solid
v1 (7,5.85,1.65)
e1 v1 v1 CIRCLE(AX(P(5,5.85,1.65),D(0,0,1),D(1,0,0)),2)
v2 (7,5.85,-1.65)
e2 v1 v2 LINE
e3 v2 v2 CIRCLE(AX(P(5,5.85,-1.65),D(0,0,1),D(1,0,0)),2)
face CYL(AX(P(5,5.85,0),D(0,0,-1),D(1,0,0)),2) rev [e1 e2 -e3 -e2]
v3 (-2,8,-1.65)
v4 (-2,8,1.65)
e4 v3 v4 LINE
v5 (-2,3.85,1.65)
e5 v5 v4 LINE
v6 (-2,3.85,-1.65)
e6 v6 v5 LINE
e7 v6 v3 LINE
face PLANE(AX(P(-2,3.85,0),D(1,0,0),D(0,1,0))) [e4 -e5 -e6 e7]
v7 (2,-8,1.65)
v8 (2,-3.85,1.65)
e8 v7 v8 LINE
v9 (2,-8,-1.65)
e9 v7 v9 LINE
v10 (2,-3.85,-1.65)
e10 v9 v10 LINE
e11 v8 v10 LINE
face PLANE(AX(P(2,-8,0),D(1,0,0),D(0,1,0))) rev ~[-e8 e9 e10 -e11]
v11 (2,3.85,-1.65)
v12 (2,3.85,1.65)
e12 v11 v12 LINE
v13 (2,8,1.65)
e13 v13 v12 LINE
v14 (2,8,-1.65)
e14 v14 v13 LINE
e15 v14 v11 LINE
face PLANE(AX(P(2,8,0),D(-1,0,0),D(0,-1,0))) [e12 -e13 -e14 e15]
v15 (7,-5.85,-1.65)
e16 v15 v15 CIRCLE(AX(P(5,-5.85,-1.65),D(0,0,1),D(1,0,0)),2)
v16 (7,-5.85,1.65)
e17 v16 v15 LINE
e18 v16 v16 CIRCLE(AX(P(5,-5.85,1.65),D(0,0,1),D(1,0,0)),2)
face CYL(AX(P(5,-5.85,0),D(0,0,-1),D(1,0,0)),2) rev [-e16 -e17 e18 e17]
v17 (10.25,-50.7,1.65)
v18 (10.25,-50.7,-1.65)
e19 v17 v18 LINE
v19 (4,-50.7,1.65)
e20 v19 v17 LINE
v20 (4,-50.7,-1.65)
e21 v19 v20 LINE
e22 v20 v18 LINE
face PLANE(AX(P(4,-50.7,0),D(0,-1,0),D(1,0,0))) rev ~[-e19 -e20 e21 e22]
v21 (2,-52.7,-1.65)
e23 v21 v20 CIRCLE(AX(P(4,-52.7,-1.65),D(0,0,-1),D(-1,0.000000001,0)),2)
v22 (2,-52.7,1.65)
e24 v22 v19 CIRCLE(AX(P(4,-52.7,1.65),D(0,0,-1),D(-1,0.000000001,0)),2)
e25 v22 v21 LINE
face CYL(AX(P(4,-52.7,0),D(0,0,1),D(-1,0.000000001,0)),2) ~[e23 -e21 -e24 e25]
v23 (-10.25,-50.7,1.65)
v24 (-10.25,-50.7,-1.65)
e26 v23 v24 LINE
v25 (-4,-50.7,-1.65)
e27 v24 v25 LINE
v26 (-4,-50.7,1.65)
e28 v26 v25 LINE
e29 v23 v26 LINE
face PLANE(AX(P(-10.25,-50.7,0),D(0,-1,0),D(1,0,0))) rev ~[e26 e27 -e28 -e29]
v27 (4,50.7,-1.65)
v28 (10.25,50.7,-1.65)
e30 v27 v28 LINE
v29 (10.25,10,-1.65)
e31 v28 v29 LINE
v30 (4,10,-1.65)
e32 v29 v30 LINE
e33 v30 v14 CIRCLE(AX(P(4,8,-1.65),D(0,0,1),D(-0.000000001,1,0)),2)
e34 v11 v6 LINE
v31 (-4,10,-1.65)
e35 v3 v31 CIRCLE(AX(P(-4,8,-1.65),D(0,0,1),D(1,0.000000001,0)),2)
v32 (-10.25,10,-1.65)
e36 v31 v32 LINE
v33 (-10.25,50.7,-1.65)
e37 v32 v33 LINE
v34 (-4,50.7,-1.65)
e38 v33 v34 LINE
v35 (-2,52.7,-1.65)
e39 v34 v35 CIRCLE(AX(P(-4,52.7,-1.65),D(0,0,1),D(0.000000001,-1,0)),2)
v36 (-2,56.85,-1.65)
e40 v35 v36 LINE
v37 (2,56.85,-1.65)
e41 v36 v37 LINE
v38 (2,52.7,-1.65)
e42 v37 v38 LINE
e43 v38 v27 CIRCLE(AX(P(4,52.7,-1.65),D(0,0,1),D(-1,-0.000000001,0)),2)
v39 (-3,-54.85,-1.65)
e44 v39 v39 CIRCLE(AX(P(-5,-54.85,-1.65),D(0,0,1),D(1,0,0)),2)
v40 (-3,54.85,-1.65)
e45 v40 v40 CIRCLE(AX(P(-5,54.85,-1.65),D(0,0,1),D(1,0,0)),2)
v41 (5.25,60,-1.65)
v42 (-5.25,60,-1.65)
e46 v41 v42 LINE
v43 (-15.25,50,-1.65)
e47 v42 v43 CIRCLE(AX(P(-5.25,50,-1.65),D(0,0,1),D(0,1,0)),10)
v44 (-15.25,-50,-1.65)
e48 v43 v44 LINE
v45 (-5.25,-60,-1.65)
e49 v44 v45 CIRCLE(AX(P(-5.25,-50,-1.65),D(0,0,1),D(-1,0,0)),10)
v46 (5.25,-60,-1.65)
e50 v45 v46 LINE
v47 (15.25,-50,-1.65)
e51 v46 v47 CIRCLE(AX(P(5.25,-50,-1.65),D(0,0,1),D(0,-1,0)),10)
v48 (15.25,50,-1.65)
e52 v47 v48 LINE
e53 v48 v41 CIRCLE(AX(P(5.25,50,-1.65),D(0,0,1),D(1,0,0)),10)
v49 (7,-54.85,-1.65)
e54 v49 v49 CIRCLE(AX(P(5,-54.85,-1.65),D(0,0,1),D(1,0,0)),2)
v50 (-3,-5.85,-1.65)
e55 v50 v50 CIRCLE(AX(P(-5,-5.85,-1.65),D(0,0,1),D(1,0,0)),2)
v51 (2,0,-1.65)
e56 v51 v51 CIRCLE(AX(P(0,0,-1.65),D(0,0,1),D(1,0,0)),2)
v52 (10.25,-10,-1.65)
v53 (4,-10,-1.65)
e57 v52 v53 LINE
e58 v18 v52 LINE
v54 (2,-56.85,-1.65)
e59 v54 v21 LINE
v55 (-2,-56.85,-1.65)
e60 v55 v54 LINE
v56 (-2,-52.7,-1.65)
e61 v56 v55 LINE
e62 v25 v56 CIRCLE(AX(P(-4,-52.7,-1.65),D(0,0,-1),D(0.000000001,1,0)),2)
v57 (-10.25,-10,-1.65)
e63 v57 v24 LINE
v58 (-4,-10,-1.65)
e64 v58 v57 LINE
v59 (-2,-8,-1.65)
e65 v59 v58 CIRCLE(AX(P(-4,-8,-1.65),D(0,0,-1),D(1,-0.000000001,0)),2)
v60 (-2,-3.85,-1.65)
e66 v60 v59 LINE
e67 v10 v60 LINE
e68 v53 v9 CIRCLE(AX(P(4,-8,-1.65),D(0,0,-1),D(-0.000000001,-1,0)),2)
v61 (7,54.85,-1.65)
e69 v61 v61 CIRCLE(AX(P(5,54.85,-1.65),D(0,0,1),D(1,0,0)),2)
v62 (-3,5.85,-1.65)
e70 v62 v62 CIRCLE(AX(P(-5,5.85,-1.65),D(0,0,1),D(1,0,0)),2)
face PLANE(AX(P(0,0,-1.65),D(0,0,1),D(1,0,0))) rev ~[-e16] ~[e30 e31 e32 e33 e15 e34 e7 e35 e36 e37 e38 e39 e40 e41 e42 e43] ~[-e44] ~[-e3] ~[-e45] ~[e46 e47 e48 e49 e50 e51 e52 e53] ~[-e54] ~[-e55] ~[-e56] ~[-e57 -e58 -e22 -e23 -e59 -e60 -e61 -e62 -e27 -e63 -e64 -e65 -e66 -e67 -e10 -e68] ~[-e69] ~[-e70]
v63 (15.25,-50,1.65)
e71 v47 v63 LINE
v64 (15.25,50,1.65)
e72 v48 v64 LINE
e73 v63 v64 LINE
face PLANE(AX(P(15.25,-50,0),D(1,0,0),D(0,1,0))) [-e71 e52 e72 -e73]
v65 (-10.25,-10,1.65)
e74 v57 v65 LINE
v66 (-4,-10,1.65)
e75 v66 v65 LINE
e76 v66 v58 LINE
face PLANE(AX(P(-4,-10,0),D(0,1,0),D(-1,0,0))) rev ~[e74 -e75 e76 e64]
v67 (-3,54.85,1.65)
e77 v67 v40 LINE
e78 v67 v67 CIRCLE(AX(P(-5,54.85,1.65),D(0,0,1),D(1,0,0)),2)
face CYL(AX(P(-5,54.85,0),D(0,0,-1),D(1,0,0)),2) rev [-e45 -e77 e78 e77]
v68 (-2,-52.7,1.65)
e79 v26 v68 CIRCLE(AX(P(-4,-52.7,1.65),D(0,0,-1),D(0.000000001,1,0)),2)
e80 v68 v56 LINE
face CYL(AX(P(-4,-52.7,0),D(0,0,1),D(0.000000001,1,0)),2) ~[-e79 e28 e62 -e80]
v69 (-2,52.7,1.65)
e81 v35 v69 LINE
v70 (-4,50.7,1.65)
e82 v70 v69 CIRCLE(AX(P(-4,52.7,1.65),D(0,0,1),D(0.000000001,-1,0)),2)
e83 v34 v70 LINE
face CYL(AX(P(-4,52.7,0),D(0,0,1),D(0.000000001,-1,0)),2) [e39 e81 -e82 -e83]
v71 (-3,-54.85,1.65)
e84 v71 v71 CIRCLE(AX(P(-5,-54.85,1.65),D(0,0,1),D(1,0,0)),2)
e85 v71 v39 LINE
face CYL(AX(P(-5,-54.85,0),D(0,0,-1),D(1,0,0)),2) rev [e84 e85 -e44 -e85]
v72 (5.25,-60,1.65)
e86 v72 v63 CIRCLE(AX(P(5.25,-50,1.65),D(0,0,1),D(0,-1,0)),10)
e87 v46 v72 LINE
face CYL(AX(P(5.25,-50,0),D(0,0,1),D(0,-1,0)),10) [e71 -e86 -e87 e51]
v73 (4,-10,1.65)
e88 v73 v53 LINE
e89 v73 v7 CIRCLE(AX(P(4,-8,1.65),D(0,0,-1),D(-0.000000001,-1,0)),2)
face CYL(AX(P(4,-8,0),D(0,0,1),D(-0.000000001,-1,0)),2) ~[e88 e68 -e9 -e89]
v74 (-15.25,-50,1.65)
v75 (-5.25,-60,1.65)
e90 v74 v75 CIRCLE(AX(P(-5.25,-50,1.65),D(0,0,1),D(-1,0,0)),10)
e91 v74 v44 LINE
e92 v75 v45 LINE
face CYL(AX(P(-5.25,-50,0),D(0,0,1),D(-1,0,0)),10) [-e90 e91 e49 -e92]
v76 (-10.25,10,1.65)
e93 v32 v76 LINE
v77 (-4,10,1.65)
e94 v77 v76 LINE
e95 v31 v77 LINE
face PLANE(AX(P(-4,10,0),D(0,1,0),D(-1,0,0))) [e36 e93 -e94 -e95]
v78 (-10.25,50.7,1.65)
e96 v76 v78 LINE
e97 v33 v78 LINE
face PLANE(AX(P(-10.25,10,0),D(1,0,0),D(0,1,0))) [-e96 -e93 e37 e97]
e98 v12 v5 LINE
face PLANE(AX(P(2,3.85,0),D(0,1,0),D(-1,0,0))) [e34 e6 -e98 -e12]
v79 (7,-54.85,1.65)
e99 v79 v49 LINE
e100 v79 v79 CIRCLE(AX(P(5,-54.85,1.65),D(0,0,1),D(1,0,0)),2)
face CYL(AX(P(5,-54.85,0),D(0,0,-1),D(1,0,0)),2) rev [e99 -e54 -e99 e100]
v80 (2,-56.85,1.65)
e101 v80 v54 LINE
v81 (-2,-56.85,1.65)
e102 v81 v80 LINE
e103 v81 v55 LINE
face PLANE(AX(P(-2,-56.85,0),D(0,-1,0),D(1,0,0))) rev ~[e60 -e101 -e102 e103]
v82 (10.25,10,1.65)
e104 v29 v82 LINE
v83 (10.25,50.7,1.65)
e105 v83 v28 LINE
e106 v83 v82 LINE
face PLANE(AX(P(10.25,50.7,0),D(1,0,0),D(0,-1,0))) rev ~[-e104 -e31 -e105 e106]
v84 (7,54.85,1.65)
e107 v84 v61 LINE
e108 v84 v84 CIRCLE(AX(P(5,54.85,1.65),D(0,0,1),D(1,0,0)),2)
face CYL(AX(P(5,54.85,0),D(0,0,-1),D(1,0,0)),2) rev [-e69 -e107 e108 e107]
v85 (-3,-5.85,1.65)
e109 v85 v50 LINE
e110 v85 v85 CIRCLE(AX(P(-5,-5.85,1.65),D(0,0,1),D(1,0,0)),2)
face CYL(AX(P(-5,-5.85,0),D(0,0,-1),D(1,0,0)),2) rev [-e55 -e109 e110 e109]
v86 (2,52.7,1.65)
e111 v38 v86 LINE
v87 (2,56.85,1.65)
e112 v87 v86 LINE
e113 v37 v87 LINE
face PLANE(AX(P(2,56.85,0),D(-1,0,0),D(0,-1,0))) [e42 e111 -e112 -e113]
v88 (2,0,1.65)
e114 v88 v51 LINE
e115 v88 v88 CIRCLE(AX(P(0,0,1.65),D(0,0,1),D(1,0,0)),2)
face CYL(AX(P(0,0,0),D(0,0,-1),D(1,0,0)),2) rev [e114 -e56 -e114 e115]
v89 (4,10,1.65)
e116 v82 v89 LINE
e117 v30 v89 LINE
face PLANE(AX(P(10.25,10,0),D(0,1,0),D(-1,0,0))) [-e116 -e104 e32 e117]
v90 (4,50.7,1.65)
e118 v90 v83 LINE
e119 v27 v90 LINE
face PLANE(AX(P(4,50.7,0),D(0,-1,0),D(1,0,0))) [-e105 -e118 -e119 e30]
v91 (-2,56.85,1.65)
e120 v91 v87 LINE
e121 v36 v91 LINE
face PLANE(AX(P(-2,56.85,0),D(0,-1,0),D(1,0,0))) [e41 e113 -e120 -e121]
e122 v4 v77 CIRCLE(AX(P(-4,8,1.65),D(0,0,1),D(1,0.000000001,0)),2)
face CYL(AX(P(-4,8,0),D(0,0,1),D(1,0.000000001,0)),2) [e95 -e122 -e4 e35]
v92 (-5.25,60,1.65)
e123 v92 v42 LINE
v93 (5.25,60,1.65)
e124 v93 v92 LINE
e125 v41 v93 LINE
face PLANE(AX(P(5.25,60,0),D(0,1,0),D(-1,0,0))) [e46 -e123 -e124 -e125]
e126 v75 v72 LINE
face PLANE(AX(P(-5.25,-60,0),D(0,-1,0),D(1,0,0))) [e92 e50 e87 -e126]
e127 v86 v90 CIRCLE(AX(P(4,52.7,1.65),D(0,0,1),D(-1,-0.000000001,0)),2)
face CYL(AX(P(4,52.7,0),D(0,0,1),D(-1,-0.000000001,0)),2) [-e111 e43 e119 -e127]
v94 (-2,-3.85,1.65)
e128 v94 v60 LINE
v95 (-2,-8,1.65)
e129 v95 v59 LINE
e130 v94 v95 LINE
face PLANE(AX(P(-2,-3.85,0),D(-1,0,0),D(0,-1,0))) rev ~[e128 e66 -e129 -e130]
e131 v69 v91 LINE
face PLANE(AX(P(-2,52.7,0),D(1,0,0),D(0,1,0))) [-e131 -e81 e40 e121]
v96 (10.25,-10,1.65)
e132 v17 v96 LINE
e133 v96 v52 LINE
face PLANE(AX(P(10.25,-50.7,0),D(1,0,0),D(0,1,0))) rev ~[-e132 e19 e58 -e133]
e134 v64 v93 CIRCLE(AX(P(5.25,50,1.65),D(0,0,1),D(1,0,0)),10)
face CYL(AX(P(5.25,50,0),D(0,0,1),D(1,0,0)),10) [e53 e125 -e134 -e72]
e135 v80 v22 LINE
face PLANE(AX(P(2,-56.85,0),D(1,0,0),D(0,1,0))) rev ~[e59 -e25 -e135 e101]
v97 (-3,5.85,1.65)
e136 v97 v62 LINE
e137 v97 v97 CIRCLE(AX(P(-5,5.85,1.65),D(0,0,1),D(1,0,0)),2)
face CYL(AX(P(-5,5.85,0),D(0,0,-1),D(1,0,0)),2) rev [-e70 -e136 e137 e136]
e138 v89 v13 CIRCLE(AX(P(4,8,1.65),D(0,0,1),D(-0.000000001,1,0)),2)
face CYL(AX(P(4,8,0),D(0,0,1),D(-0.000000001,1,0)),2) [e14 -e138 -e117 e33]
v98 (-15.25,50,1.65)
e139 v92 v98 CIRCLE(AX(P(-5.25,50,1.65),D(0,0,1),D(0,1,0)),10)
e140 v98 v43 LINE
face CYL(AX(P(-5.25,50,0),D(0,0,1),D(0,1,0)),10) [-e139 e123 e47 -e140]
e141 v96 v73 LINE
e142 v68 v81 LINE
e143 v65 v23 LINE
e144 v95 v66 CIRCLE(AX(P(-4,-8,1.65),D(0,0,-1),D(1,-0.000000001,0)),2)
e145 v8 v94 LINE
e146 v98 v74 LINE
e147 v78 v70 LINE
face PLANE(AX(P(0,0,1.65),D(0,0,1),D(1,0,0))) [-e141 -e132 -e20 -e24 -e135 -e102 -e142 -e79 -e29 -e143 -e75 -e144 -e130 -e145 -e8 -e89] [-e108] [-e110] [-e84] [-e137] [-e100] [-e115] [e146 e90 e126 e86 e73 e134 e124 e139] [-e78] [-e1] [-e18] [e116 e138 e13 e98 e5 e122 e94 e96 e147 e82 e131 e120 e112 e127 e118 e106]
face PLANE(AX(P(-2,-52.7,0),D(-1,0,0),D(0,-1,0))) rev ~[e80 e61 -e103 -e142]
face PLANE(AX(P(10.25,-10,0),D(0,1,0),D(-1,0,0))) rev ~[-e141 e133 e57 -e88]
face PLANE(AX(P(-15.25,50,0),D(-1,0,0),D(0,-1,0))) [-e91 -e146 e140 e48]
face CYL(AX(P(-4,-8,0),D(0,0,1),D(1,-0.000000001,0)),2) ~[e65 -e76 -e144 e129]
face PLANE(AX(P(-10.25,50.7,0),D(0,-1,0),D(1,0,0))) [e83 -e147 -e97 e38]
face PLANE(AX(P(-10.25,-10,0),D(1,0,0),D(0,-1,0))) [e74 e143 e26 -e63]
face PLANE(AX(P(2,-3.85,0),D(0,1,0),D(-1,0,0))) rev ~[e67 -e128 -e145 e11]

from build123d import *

# Parameters (mm, degrees)
SKETCH2_R           = 2
BOSS_EXTRUDE1_DEPTH = 1.65


with BuildPart() as part:
    # Sketch2 → Boss-Extrude1 (new body, symmetric)
    with BuildSketch(Plane.XY):
        with BuildLine():
            Line((-5.25, -60), (5.25, -60))
            ThreePointArc((5.25, -60), (12.321067812, -57.071067812), (15.25, -50))
            Line((15.25, -50), (15.25, 50))
            ThreePointArc((15.25, 50), (12.321067812, 57.071067812), (5.25, 60))
            Line((5.25, 60), (-5.25, 60))
            ThreePointArc((-5.25, 60), (-12.321067812, 57.071067812), (-15.25, 50))
            Line((-15.25, 50), (-15.25, -50))
            ThreePointArc((-15.25, -50), (-12.321067812, -57.071067812), (-5.25, -60))
        make_face()
        Circle(SKETCH2_R, mode=Mode.SUBTRACT)
        with Locations((5, 5.85)):
            Circle(SKETCH2_R, mode=Mode.SUBTRACT)
        with Locations((5, -5.85)):
            Circle(SKETCH2_R, mode=Mode.SUBTRACT)
        with Locations((-5, -5.85)):
            Circle(SKETCH2_R, mode=Mode.SUBTRACT)
        with Locations((-5, 5.85)):
            Circle(SKETCH2_R, mode=Mode.SUBTRACT)
        with Locations((5, 54.85)):
            Circle(SKETCH2_R, mode=Mode.SUBTRACT)
        with Locations((5, -54.85)):
            Circle(SKETCH2_R, mode=Mode.SUBTRACT)
        with Locations((-5, -54.85)):
            Circle(SKETCH2_R, mode=Mode.SUBTRACT)
        with Locations((-5, 54.85)):
            Circle(SKETCH2_R, mode=Mode.SUBTRACT)
        with BuildLine():
            Line((-10.25, 50.7), (-4, 50.7))
            ThreePointArc((-4, 50.7), (-2.585786438, 51.285786438), (-2, 52.7))
            Line((-2, 52.7), (-2, 56.85))
            Line((-2, 56.85), (2, 56.85))
            Line((2, 56.85), (2, 52.7))
            ThreePointArc((2, 52.7), (2.585786438, 51.285786438), (4, 50.7))
            Line((4, 50.7), (10.25, 50.7))
            Line((10.25, 50.7), (10.25, 10))
            Line((10.25, 10), (4, 10))
            ThreePointArc((4, 10), (2.585786438, 9.414213562), (2, 8))
            Line((2, 8), (2, 3.85))
            Line((2, 3.85), (-2, 3.85))
            Line((-2, 3.85), (-2, 8))
            ThreePointArc((-2, 8), (-2.585786438, 9.414213562), (-4, 10))
            Line((-4, 10), (-10.25, 10))
            Line((-10.25, 10), (-10.25, 50.7))
        make_face(mode=Mode.SUBTRACT)
        with BuildLine():
            Line((-10.25, -50.7), (-4, -50.7))
            ThreePointArc((-4, -50.7), (-2.585786438, -51.285786438), (-2, -52.7))
            Line((-2, -52.7), (-2, -56.85))
            Line((-2, -56.85), (2, -56.85))
            Line((2, -56.85), (2, -52.7))
            ThreePointArc((2, -52.7), (2.585786438, -51.285786438), (4, -50.7))
            Line((4, -50.7), (10.25, -50.7))
            Line((10.25, -50.7), (10.25, -10))
            Line((10.25, -10), (4, -10))
            ThreePointArc((4, -10), (2.585786438, -9.414213562), (2, -8))
            Line((2, -8), (2, -3.85))
            Line((2, -3.85), (-2, -3.85))
            Line((-2, -3.85), (-2, -8))
            ThreePointArc((-2, -8), (-2.585786438, -9.414213562), (-4, -10))
            Line((-4, -10), (-10.25, -10))
            Line((-10.25, -10), (-10.25, -50.7))
        make_face(mode=Mode.SUBTRACT)
    extrude(amount=BOSS_EXTRUDE1_DEPTH, both=True)


solid = part.part
